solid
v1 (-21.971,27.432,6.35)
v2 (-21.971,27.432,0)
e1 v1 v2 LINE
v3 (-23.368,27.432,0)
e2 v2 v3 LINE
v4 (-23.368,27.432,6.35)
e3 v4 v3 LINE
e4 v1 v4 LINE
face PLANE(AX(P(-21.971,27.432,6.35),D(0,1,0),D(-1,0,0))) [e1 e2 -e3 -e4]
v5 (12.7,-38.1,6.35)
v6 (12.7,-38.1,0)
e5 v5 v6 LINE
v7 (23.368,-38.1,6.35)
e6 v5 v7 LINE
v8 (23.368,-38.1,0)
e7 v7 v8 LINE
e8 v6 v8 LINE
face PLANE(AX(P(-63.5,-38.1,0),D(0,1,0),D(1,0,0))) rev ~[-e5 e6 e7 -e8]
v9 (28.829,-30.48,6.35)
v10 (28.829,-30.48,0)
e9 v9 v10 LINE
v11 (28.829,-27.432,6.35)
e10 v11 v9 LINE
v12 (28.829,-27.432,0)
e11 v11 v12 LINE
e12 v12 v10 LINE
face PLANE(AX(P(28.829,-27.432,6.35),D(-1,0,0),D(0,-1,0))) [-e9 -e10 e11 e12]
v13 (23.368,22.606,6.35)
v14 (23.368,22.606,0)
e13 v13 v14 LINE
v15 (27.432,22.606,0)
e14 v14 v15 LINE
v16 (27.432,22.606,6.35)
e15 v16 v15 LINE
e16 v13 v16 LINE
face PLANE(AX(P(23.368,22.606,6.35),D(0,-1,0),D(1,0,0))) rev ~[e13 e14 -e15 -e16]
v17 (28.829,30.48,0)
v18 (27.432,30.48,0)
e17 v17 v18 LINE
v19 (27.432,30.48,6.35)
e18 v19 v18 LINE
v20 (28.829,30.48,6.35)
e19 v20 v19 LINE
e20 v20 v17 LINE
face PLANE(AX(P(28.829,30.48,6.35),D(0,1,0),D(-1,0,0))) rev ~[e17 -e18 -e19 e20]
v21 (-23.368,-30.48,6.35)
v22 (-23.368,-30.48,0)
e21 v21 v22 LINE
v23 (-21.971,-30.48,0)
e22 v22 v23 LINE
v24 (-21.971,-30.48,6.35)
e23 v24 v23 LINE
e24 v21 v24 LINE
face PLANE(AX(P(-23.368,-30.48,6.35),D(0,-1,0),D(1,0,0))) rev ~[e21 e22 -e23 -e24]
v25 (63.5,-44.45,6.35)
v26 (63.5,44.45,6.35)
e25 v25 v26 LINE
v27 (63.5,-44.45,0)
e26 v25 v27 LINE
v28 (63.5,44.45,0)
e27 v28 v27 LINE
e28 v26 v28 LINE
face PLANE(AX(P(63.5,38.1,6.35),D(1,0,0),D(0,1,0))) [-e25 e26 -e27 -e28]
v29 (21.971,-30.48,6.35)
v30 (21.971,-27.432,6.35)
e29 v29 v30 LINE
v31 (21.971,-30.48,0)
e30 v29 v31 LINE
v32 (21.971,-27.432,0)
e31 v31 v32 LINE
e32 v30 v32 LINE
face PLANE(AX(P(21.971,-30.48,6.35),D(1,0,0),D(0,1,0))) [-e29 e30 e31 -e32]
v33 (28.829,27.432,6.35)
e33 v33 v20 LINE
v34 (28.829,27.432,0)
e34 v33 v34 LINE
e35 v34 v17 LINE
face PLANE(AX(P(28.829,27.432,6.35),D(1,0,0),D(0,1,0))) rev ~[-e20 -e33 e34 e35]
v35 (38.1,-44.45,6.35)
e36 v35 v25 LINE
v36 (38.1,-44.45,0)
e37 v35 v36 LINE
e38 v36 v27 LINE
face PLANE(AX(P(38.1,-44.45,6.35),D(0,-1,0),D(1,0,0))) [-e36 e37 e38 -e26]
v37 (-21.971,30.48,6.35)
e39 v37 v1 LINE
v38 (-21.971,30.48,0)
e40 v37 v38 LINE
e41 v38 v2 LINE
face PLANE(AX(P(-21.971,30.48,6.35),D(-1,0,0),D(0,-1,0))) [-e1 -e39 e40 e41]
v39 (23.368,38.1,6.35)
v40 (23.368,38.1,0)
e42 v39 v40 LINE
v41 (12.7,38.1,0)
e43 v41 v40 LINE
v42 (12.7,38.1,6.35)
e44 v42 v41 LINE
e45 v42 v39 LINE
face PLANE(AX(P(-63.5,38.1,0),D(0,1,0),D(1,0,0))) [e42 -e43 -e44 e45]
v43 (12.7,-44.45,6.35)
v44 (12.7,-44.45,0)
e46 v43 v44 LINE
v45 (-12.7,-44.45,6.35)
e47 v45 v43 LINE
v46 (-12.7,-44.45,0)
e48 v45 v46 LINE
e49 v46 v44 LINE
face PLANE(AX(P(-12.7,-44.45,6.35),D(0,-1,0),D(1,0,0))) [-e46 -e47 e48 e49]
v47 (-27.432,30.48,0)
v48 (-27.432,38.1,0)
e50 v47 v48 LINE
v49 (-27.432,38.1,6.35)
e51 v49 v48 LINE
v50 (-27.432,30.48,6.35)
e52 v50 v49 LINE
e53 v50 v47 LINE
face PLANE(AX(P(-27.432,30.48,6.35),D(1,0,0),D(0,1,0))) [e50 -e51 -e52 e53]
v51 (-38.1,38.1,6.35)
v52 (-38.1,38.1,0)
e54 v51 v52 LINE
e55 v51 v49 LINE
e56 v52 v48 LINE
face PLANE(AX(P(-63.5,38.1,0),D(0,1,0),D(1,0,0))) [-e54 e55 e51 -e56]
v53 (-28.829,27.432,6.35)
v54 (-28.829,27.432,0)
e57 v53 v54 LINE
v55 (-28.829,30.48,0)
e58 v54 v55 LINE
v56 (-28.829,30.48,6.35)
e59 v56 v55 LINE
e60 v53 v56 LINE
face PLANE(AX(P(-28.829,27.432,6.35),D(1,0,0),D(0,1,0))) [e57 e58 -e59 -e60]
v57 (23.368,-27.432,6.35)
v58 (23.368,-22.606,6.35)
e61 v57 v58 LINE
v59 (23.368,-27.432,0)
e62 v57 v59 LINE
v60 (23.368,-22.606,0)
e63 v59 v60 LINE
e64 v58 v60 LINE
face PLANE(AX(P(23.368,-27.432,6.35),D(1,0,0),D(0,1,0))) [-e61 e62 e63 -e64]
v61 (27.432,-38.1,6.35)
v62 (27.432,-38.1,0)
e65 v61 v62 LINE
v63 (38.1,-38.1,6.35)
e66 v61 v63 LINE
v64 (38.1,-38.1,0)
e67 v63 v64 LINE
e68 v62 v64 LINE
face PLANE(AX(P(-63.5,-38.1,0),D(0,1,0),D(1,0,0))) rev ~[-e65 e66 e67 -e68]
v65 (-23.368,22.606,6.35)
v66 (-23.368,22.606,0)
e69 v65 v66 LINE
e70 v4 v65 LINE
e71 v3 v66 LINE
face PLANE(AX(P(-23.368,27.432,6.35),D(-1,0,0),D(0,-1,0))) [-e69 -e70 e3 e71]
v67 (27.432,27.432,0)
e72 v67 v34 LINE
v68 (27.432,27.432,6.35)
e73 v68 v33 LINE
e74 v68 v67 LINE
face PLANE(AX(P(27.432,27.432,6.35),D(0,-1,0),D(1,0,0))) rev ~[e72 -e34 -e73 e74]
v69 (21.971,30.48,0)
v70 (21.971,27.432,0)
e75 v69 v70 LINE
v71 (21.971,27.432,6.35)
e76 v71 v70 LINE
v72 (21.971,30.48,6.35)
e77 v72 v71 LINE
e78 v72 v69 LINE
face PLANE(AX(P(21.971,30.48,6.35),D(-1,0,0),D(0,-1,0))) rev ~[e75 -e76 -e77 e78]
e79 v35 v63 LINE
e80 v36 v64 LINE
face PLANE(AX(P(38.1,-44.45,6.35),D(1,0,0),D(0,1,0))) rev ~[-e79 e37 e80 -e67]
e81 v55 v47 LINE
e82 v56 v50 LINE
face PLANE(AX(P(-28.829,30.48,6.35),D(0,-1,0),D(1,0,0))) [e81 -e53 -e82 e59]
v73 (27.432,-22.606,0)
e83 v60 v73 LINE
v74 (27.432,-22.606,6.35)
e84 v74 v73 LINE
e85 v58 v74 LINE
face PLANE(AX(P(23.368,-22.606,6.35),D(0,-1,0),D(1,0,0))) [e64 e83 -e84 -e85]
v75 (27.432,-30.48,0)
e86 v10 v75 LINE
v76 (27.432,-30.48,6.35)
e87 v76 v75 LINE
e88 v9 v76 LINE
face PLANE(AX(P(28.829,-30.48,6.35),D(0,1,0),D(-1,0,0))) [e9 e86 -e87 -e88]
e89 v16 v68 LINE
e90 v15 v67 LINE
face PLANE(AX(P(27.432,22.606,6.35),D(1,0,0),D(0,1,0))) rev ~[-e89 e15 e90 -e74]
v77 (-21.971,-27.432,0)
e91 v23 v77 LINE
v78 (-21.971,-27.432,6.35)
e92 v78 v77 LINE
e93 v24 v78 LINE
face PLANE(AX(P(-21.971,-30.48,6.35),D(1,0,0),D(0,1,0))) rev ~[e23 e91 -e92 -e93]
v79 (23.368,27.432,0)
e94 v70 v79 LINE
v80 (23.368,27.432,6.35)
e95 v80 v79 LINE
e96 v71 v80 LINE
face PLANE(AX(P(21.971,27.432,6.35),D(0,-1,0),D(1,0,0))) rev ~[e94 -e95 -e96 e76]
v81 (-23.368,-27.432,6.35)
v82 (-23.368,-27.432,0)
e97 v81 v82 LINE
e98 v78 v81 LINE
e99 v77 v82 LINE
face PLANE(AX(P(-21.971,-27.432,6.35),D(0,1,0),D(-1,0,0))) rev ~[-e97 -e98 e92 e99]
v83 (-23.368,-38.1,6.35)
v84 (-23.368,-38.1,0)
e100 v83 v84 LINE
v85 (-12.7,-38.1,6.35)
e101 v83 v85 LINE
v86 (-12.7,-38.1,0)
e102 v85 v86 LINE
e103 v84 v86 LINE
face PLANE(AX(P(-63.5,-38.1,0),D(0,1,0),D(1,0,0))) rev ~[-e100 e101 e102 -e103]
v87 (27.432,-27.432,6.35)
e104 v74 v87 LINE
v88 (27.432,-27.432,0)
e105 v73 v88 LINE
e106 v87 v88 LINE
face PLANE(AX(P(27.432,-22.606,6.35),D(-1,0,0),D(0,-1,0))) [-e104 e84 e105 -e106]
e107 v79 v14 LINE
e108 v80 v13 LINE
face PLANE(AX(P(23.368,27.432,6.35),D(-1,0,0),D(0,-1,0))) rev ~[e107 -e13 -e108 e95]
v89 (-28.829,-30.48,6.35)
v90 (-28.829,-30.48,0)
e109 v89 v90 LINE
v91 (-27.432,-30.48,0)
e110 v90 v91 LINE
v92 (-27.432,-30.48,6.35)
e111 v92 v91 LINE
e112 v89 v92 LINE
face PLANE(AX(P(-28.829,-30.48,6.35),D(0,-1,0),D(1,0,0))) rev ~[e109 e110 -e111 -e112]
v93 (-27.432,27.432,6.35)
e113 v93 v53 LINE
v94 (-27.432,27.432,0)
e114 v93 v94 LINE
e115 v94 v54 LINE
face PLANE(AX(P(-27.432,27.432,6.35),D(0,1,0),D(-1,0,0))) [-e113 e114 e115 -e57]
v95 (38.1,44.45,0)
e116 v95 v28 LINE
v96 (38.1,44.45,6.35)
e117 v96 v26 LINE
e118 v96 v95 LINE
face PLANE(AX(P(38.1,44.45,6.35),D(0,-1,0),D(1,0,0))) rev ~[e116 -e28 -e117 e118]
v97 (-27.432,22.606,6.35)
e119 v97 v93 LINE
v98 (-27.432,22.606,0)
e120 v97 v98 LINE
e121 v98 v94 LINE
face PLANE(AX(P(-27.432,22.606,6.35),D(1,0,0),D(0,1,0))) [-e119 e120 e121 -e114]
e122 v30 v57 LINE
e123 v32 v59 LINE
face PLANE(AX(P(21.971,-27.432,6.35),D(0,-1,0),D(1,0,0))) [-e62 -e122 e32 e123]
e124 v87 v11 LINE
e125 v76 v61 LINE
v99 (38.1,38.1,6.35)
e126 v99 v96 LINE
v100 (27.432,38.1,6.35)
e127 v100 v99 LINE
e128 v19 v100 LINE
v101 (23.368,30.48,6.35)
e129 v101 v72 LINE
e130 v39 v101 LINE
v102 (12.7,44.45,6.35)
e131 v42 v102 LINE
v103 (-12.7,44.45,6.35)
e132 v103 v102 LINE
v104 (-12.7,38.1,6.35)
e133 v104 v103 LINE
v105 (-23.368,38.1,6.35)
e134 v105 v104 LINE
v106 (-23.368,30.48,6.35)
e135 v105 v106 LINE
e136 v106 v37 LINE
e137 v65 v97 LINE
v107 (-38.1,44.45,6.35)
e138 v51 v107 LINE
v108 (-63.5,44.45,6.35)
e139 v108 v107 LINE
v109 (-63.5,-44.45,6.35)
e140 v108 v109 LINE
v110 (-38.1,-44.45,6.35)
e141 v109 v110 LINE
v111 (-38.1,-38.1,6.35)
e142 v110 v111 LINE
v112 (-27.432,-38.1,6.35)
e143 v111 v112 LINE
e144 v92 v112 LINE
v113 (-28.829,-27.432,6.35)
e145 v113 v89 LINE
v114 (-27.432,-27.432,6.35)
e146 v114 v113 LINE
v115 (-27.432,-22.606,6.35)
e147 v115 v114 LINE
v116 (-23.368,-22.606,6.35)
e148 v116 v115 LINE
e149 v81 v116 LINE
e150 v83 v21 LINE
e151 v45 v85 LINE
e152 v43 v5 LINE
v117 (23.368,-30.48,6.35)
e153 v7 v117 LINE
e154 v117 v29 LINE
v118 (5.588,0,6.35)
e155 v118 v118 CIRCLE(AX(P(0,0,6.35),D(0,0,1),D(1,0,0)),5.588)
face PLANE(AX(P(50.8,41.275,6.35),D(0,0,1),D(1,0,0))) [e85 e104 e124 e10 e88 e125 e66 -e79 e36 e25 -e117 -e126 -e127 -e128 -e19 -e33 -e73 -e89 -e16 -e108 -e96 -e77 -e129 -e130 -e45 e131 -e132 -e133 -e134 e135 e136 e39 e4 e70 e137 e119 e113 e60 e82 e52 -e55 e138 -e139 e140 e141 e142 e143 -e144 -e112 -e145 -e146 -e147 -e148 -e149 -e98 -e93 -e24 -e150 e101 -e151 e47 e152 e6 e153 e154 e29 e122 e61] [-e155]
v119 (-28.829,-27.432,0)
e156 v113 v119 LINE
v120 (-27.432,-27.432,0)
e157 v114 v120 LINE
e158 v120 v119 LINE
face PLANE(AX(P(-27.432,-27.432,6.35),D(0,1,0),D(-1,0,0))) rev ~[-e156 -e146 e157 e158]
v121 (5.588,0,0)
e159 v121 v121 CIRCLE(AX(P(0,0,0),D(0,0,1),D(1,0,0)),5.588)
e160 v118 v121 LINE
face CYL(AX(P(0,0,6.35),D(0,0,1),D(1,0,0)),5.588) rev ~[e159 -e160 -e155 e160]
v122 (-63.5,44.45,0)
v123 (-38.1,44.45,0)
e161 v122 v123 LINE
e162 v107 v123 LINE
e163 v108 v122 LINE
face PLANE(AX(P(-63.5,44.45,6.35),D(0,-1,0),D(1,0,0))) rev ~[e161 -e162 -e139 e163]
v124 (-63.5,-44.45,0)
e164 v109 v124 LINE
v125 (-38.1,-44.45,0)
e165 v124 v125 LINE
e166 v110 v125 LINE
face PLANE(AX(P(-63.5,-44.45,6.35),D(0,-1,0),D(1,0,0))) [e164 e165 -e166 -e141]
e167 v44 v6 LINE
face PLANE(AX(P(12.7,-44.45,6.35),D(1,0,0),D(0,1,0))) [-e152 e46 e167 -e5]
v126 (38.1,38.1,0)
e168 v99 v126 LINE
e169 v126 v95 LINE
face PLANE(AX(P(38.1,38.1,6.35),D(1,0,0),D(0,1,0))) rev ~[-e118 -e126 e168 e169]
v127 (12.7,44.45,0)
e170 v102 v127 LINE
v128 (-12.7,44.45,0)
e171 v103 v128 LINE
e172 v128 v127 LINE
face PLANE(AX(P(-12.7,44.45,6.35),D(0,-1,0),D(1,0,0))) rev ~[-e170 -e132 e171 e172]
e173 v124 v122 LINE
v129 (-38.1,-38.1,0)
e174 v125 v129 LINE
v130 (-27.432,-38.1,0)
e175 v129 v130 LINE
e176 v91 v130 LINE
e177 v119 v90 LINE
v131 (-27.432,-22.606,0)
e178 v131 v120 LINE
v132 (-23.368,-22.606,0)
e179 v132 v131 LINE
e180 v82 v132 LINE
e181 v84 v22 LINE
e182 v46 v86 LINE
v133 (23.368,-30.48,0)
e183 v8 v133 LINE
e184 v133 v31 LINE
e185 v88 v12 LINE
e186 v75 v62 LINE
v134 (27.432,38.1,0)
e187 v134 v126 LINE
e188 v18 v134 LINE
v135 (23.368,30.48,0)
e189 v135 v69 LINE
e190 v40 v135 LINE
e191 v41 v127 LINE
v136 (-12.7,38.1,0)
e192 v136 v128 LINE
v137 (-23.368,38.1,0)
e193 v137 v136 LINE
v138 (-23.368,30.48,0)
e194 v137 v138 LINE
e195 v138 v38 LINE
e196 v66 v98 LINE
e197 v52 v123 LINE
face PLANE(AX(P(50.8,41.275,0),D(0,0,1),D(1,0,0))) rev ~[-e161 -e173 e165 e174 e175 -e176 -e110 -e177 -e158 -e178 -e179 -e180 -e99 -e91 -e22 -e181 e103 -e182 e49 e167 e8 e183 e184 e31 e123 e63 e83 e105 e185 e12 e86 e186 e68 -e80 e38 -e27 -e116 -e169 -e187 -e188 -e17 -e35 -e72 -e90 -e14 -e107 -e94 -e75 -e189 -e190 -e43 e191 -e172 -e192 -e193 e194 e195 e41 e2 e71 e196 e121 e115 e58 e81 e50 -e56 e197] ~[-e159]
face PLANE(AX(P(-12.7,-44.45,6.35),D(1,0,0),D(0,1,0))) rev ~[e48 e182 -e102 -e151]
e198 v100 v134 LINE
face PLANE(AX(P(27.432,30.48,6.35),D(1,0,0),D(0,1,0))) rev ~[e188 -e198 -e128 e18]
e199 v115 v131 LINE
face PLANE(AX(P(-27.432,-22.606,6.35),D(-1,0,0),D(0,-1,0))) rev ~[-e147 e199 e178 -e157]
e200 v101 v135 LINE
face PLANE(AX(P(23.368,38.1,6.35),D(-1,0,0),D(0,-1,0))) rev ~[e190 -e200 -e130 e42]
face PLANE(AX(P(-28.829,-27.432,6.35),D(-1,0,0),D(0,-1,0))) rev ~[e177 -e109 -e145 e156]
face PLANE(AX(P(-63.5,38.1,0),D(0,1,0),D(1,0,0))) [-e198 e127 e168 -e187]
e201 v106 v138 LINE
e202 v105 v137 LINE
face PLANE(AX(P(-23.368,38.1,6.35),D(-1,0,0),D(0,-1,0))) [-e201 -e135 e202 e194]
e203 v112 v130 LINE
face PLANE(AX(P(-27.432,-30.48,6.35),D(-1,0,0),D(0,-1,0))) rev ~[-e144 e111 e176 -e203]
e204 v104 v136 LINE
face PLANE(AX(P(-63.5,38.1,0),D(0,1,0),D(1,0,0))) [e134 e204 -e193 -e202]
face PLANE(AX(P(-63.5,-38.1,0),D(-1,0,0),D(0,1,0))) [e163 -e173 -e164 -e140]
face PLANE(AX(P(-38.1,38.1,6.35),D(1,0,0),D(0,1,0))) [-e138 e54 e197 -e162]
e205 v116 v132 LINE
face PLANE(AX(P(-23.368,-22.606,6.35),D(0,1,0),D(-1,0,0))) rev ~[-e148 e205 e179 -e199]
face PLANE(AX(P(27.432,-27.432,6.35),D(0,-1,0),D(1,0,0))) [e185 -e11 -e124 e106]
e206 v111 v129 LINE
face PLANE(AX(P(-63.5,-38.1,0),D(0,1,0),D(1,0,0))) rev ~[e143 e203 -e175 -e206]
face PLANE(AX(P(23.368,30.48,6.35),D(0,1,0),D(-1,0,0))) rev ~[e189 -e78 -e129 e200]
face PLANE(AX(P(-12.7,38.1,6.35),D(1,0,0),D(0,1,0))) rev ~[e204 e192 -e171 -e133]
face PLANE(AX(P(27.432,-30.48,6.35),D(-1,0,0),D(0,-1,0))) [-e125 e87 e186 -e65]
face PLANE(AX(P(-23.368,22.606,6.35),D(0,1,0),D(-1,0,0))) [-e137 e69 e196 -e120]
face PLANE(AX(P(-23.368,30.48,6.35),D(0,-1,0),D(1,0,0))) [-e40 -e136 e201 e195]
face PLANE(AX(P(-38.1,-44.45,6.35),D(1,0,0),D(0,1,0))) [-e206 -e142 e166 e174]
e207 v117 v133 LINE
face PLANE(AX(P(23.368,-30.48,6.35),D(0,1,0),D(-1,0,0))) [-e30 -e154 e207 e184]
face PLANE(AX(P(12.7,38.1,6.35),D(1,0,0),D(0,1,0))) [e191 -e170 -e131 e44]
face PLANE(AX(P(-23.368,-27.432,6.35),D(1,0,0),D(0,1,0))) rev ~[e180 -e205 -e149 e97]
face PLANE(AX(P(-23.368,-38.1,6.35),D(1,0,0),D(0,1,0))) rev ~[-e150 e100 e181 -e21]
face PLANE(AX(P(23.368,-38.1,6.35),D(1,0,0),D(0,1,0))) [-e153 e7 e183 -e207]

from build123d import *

# Parameters (mm, degrees)
SKETCH2_W           = 127
SKETCH2_H           = 76.2
BOSS_EXTRUDE1_DEPTH = 6.35
SKETCH3_W           = 25.4
SKETCH3_H           = 6.35
BOSS_EXTRUDE2_DEPTH = 6.35
CUT_EXTRUDE1_DEPTH  = 78.771299333
SKETCH5_R           = 5.588
CUT_EXTRUDE2_DEPTH  = 78.771299333


with BuildPart() as part:
    # Sketch2 → Boss-Extrude1 (new body)
    with BuildSketch(Plane.XY):
        Rectangle(SKETCH2_W, SKETCH2_H)
    extrude(amount=BOSS_EXTRUDE1_DEPTH)

    # Sketch3 → Boss-Extrude2 (add)
    with BuildSketch(Plane.XY.offset(6.35)):
        with Locations((0, 41.275)):
            Rectangle(SKETCH3_W, SKETCH3_H)
        with Locations((50.8, 41.275)):
            Rectangle(SKETCH3_W, SKETCH3_H)
        with Locations((50.8, -41.275)):
            Rectangle(SKETCH3_W, SKETCH3_H)
        with Locations((0, -41.275)):
            Rectangle(SKETCH3_W, SKETCH3_H)
        with Locations((-50.8, -41.275)):
            Rectangle(SKETCH3_W, SKETCH3_H)
        with Locations((-50.8, 41.275)):
            Rectangle(SKETCH3_W, SKETCH3_H)
    extrude(amount=-BOSS_EXTRUDE2_DEPTH)

    # Sketch4 → Cut-Extrude1 (cut, through all)
    with BuildSketch(Plane.XY.offset(6.35)):
        Polygon((-27.432, 38.1), (-23.368, 38.1), (-23.368, 30.48), (-21.971, 30.48), (-21.971, 27.432), (-23.368, 27.432), (-23.368, 22.606), (-27.432, 22.606), (-27.432, 27.432), (-28.829, 27.432), (-28.829, 30.48), (-27.432, 30.48), align=None)
        Polygon((27.432, 38.1), (23.368, 38.1), (23.368, 30.48), (21.971, 30.48), (21.971, 27.432), (23.368, 27.432), (23.368, 22.606), (27.432, 22.606), (27.432, 27.432), (28.829, 27.432), (28.829, 30.48), (27.432, 30.48), align=None)
        Polygon((27.432, -38.1), (23.368, -38.1), (23.368, -30.48), (21.971, -30.48), (21.971, -27.432), (23.368, -27.432), (23.368, -22.606), (27.432, -22.606), (27.432, -27.432), (28.829, -27.432), (28.829, -30.48), (27.432, -30.48), align=None)
        Polygon((-27.432, -38.1), (-23.368, -38.1), (-23.368, -30.48), (-21.971, -30.48), (-21.971, -27.432), (-23.368, -27.432), (-23.368, -22.606), (-27.432, -22.606), (-27.432, -27.432), (-28.829, -27.432), (-28.829, -30.48), (-27.432, -30.48), align=None)
    extrude(amount=-CUT_EXTRUDE1_DEPTH, mode=Mode.SUBTRACT)

    # Sketch5 → Cut-Extrude2 (cut, through all)
    with BuildSketch(Plane.XY.offset(6.35)):
        Circle(SKETCH5_R)
    extrude(amount=-CUT_EXTRUDE2_DEPTH, mode=Mode.SUBTRACT)


solid = part.part
